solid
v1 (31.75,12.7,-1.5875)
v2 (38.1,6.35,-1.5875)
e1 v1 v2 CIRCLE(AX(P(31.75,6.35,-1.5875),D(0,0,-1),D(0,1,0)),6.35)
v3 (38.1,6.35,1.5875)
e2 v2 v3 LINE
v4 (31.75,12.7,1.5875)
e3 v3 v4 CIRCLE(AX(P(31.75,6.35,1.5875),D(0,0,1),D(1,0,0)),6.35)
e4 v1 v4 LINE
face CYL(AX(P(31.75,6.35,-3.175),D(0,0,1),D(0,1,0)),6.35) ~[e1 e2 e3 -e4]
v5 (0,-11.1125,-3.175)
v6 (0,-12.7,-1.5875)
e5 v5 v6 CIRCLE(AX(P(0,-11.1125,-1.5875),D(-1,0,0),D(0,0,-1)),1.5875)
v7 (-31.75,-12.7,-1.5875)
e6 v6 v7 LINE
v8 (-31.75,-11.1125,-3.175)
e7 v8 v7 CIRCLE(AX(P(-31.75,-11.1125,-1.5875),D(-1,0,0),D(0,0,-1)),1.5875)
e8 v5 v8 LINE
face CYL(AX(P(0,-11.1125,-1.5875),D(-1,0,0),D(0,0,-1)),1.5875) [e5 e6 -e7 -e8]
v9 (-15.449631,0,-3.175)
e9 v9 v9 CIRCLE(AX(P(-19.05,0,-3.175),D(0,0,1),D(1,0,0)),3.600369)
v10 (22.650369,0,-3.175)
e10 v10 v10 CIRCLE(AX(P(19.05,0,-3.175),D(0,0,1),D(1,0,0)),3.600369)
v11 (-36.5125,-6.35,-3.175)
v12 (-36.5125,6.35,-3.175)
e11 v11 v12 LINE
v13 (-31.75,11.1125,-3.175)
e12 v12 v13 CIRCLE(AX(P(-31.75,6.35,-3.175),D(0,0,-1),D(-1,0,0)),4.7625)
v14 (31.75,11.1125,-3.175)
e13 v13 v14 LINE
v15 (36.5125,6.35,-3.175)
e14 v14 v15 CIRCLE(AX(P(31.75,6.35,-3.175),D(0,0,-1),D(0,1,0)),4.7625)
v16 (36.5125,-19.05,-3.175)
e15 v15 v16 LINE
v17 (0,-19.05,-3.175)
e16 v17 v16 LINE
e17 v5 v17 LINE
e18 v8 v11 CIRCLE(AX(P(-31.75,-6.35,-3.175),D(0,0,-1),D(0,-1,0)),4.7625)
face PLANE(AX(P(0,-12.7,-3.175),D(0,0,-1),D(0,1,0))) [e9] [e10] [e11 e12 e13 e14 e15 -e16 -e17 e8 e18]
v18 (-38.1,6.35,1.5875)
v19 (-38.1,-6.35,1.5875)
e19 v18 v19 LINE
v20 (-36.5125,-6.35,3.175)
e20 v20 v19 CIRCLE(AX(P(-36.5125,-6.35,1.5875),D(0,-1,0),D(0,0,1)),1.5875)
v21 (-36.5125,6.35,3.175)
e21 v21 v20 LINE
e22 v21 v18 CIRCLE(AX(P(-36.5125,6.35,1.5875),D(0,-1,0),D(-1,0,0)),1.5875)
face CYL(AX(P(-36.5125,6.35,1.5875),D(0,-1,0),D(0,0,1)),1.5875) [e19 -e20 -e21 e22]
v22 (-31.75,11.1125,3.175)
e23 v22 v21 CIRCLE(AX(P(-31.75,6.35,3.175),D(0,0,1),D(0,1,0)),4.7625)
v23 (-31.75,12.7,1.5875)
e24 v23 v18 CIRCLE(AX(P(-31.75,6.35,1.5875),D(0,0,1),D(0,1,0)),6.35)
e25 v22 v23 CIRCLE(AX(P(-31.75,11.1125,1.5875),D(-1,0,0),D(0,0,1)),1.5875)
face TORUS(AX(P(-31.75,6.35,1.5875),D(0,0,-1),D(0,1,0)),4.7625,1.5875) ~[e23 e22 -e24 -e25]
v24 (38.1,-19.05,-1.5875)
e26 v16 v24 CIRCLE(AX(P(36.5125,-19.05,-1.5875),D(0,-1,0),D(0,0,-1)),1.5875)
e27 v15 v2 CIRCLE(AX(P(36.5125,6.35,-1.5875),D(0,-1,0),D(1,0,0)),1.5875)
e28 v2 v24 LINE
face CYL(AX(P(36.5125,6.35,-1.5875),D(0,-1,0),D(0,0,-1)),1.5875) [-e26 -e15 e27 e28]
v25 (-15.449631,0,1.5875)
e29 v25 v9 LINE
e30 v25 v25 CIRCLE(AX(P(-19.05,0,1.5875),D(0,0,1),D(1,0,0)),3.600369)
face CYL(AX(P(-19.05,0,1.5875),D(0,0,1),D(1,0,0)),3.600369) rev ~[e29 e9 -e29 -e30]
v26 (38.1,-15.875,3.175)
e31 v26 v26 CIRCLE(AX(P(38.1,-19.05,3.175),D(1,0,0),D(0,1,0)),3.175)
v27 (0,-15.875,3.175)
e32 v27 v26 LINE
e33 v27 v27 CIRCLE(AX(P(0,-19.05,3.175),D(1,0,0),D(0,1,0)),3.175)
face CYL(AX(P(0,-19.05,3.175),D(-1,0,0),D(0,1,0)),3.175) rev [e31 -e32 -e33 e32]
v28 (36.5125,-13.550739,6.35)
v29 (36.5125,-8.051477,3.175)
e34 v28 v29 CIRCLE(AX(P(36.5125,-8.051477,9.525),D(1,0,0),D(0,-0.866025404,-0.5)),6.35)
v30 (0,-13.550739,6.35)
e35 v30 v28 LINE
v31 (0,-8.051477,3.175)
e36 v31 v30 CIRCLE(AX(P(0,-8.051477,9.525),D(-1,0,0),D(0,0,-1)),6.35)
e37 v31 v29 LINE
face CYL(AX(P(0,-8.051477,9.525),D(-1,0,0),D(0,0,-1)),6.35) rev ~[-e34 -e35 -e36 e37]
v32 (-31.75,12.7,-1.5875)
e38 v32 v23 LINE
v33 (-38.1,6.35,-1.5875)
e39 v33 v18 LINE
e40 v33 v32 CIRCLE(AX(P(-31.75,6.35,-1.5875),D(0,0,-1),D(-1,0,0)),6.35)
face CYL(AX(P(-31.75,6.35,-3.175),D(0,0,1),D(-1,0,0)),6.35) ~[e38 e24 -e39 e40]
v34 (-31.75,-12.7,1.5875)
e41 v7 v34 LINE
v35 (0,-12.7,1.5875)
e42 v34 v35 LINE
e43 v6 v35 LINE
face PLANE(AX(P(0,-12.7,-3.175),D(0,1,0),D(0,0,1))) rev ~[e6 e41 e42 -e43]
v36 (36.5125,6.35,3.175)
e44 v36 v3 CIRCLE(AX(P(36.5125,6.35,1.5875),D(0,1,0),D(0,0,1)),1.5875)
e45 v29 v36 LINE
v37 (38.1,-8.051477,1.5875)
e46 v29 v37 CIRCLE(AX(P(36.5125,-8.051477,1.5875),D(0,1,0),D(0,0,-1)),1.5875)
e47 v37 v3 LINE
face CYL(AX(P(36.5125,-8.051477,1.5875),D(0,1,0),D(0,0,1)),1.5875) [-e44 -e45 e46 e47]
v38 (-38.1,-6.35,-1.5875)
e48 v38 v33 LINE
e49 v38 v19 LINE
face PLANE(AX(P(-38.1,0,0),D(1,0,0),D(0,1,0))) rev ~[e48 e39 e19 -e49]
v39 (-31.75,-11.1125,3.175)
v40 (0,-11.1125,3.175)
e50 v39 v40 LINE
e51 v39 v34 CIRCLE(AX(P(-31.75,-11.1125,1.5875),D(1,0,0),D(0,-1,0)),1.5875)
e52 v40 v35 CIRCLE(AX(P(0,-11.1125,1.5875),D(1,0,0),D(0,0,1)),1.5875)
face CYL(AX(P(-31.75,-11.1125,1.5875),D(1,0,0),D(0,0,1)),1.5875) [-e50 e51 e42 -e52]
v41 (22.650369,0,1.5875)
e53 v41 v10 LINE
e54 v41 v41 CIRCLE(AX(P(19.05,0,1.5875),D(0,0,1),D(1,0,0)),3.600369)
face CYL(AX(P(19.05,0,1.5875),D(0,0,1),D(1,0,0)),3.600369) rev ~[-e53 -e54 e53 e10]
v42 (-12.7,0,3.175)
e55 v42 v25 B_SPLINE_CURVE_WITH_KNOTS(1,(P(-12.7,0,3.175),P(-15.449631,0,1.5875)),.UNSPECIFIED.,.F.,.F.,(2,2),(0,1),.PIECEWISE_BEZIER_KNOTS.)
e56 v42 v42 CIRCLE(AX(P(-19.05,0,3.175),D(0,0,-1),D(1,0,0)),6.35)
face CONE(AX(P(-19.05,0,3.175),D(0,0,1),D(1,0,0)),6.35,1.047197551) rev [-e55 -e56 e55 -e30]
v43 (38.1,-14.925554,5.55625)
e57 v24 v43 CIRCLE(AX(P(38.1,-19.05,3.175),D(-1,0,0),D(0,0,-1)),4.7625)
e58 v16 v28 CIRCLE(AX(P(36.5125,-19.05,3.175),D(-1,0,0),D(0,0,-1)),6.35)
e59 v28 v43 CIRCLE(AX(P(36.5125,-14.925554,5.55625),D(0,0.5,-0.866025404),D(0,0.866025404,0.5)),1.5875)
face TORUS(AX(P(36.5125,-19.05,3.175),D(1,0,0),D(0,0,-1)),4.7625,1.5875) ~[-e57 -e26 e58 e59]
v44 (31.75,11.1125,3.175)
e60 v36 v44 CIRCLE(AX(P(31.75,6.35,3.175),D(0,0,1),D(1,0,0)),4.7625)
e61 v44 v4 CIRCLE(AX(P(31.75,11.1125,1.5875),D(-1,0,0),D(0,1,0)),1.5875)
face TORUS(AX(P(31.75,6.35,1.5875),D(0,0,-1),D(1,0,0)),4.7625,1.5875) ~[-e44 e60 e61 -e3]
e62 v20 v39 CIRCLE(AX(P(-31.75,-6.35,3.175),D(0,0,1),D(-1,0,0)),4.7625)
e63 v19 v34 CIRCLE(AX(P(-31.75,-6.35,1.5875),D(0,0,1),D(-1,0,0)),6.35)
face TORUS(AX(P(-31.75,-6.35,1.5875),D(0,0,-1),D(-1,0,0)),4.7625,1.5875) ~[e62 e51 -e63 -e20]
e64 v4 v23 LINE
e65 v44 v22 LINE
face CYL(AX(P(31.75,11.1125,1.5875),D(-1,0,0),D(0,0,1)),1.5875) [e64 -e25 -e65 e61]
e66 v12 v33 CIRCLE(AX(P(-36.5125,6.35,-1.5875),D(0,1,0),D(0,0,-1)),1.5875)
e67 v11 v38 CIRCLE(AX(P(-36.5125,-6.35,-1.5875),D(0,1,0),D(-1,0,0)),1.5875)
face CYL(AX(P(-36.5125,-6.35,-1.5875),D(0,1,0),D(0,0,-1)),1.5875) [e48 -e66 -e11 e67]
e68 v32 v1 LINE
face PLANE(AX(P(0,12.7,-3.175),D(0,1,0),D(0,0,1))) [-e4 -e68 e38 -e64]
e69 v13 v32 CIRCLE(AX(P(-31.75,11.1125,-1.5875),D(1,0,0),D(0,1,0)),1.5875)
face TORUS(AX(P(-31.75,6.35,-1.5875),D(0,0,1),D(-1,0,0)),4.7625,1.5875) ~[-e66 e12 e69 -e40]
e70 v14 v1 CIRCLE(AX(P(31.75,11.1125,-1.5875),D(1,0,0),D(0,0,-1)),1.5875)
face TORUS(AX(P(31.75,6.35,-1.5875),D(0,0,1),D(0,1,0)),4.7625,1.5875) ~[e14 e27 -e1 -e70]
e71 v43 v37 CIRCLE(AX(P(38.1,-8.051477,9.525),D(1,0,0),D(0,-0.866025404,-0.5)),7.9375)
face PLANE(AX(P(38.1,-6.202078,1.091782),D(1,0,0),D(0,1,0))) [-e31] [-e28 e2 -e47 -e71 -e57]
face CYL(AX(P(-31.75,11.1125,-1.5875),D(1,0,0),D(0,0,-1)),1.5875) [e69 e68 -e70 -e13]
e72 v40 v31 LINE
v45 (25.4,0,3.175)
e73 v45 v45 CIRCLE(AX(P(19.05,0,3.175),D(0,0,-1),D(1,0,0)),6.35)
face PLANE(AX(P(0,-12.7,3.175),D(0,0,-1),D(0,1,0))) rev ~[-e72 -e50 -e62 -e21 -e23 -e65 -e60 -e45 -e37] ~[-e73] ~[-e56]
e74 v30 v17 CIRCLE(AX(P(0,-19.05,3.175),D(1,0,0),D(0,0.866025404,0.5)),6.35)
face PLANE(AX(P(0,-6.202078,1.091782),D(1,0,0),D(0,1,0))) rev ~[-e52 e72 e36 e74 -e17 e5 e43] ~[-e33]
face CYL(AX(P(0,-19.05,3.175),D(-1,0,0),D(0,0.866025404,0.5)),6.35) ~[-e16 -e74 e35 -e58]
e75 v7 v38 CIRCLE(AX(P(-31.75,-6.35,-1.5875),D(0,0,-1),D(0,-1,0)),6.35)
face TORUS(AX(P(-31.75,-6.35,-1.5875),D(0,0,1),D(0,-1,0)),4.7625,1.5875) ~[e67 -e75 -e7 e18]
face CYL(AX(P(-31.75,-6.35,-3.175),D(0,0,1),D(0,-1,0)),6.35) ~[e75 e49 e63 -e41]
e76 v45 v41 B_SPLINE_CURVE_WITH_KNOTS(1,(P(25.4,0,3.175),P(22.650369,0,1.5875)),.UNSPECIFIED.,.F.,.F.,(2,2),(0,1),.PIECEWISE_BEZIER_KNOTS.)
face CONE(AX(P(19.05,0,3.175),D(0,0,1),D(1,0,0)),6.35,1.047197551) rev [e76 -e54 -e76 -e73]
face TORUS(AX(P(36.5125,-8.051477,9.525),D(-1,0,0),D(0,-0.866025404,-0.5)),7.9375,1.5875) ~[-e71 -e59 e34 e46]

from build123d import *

# Parameters (mm, degrees)
F0_R     = 3.175
F1_DEPTH = 38.1
F2_W     = 25.4
F2_H     = 6.35
F3_DEPTH = 38.1
F4_R     = 6.35
F5_DEPTH = 1.5875
F5_TAPER = 60
F6_R     = 3.600369343
F7_DEPTH = 4.7635
F8_R     = 6.35
F9_R     = 1.5875


with BuildPart() as f1:
    # F0 (on Right) → F1 (new body)
    with BuildSketch(Plane.YZ):
        with BuildLine():
            Line((12.7, -3.175), (12.7, 3.175))
            Line((12.7, 3.175), (-8.0514773719, 3.175))
            ThreePointArc((-8.0514773719, 3.175), (-11.2264773719, 4.025738686), (-13.550738686, 6.35))
            ThreePointArc((-13.550738686, 6.35), (-24.549261314, 6.35), (-19.05, -3.175))
            Line((-19.05, -3.175), (12.7, -3.175))
        make_face()
        with Locations((-19.05, 3.175)):
            Circle(F0_R, mode=Mode.SUBTRACT)
    extrude(amount=F1_DEPTH)

    # F2 (on Right) → F3 (join)
    with BuildSketch(Plane.YZ):
        Rectangle(F2_W, F2_H)
    extrude(amount=-F3_DEPTH)

    # F4 (on face) → F5 (cut)
    with BuildSketch(Plane.XY.offset(3.175)):
        with Locations((19.05, 0)):
            Circle(F4_R)
        with Locations((-19.05, 0)):
            Circle(F4_R)
    extrude(amount=-F5_DEPTH, taper=F5_TAPER, mode=Mode.SUBTRACT)

    # F6 (on face) → F7 (cut, through all)
    with BuildSketch(Plane.XY.offset(1.5875)):
        with Locations((19.05, 0)):
            Circle(F6_R)
        with Locations((-19.05, 0)):
            Circle(F6_R)
    extrude(amount=-F7_DEPTH, mode=Mode.SUBTRACT)

    # F8
    f8_edges = [f1.edges().sort_by_distance(p)[0] for p in [
        (38.1, 12.7, 0),
        (-38.1, 12.7, 0),
        (-38.1, -12.7, 0),
    ]]
    fillet(f8_edges, radius=F8_R)

    # F9
    f9_edges = [f1.edges().sort_by_distance(p)[0] for p in [
        (0, 12.7, 3.175),
        (36.240128, 10.840128, 3.175),
    ]]
    fillet(f9_edges, radius=F9_R)


solid = f1.part
